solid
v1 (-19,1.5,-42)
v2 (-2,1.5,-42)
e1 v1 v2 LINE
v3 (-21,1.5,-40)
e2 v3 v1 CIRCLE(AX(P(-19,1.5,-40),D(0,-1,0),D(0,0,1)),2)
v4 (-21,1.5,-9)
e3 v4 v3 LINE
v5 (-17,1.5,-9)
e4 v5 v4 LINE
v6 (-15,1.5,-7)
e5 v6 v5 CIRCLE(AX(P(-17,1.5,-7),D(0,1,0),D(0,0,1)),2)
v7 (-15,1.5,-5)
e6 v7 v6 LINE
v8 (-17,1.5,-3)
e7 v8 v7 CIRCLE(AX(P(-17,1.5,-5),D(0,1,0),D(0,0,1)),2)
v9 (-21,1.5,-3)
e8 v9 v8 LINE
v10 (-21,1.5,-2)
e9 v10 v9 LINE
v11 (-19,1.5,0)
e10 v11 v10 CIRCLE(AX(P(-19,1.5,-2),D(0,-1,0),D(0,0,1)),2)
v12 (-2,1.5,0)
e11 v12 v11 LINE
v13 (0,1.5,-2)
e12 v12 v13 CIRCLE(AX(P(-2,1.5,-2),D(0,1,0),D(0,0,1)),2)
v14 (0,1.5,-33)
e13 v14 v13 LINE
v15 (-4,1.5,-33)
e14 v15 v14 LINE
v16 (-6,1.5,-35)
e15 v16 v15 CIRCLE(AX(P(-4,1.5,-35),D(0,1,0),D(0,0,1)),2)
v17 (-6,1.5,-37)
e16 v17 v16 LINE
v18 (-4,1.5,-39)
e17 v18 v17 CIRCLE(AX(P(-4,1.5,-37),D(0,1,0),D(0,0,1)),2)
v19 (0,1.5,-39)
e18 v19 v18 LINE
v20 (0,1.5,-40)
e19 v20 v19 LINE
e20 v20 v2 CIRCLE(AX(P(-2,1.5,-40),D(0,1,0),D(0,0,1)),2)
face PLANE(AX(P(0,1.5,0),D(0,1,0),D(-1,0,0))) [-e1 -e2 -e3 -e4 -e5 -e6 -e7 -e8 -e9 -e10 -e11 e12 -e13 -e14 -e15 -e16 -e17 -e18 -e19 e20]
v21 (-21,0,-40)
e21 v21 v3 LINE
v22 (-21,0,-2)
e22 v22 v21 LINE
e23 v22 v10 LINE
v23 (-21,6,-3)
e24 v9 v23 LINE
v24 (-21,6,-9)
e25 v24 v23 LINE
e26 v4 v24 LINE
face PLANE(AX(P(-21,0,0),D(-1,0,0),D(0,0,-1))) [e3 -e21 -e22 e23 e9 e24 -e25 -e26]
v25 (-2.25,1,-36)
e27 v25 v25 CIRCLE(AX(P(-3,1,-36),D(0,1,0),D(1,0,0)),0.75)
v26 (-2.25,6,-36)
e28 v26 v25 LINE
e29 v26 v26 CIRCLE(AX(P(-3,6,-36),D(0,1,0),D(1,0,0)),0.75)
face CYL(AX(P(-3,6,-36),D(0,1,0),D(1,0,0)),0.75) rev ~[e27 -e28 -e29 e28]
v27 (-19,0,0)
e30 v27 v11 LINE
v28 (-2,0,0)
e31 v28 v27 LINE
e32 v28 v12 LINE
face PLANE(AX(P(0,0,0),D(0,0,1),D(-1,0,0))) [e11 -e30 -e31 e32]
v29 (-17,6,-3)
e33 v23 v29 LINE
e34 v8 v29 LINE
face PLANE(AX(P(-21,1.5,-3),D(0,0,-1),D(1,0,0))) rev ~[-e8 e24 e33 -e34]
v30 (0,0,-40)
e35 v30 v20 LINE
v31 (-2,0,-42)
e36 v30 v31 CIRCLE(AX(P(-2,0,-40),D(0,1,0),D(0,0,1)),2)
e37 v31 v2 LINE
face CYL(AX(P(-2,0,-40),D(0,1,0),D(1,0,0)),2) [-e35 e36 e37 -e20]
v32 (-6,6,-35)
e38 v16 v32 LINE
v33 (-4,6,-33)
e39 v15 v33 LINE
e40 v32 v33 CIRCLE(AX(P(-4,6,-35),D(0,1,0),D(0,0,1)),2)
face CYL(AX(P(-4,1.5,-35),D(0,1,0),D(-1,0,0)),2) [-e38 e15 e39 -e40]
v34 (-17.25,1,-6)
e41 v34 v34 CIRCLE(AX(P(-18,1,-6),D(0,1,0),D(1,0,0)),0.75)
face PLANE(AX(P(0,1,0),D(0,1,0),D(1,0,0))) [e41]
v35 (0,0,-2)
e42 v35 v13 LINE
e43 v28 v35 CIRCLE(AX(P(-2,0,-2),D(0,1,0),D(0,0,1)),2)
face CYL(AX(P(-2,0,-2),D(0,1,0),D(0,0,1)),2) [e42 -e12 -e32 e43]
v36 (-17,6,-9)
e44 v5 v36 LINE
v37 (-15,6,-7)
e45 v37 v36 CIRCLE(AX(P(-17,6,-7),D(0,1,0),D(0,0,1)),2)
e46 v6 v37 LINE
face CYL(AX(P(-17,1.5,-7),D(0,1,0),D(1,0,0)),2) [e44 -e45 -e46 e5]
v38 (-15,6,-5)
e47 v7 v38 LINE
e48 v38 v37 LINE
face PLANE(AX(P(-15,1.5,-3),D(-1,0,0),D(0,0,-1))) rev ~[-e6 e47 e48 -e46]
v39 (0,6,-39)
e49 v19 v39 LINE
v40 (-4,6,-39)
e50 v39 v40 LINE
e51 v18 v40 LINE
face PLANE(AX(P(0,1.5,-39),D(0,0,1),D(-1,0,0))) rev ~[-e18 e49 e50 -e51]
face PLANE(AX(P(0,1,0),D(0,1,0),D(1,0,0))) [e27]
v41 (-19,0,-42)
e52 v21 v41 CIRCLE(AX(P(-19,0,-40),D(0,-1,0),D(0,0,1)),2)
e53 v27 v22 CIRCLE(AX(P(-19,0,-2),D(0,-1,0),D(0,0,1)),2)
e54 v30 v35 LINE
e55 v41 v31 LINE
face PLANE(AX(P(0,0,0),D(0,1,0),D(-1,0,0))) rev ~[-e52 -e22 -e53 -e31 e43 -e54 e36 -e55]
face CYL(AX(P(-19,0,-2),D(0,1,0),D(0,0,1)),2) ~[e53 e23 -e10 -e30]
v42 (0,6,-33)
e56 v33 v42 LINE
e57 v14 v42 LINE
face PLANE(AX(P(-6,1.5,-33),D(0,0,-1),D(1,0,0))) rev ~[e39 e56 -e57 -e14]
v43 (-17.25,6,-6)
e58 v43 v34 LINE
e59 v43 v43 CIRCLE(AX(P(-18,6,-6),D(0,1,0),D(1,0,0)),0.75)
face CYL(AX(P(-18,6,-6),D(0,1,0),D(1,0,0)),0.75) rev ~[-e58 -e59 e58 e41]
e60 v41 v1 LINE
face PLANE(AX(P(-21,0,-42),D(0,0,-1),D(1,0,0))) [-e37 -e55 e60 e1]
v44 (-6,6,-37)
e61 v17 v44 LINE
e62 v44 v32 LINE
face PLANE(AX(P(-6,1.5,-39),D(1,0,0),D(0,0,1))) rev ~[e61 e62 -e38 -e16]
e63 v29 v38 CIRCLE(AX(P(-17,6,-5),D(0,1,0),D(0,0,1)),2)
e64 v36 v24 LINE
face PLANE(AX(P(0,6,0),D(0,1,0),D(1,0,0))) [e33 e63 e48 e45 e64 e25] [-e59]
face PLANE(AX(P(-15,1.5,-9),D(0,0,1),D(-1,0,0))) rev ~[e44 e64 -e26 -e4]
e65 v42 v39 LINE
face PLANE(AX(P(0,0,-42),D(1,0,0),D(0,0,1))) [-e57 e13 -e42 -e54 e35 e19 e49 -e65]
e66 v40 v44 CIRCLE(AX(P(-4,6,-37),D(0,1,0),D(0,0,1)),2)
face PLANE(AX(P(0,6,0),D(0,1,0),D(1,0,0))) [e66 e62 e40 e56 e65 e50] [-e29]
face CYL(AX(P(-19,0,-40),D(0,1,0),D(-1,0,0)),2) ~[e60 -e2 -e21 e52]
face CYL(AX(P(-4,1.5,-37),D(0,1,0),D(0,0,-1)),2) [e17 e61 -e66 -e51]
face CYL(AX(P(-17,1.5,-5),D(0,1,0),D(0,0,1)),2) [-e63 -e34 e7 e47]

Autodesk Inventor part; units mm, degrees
ref_plane "YZ Plane" through (0, 0, 0) normal (1, 0, 0) x (0, 1, 0)
ref_plane "XZ Plane" through (0, 0, 0) normal (0, 1, 0) x (-1, 0, 0)
ref_plane "XY Plane" through (0, 0, 0) normal (0, 0, 1) x (1, 0, 0)
sketch "Эскиз1" plane through (0, 0, 0) normal (0, 1, 0) x (-1, 0, 0)
  line L0 (0, 0) -> (21, 0)
  line L1 (21, 0) -> (21, -42)
  line L2 (21, -42) -> (0, -42)
  line L3 (0, -42) -> (0, 0)
  dimension "d0" = 21
  dimension "d1" = 42
extrude "Выдавливание1" add sketch "Эскиз1" along normal blind 1.5
sketch "Эскиз2" plane through (0, 1.5, 0) normal (0, 1, 0) x (1, 0, 0)
  line L0 (0, 0) -> (0, 42) projected
  line L1 (0, 39) -> (-6, 39)
  line L2 (-6, 39) -> (-6, 33)
  line L3 (-6, 33) -> (0, 33)
  line L4 (0, 33) -> (0, 39)
  line L5 (0, 42) -> (-21, 42) projected
  line L6 (-21, 42) -> (-21, 0) projected
  line L7 (-21, 3) -> (-15, 3)
  line L8 (-15, 3) -> (-15, 9)
  line L9 (-15, 9) -> (-21, 9)
  line L10 (-21, 9) -> (-21, 3)
  line L11 (-21, 0) -> (0, 0) projected
  point P0 (0, 33)
  dimension "d4" = 6
  dimension "d5" = 6
  dimension "d6" = 3
  dimension "d7" = 6
  dimension "d8" = 6
  dimension "d9" = 3
extrude "Выдавливание2" add sketch "Эскиз2" along normal blind 4.5 contours L3 L2 L1 L0 | L6 L9 L8 L7
fillet "Сопряжение1" radius 2 8 edges at (-15, 3.75, -3) (-15, 3.75, -9) (-6, 3.75, -33) (-6, 3.75, -39) (0, 0.75, 0) (0, 0.75, -42) (-21, 0.75, 0) (-21, 0.75, -42)
sketch "Эскиз3" plane through (0, 6, 0) normal (0, 1, 0) x (1, 0, 0)
  circle A0 centre (-18, 6) radius 0.75
  line L0 (-21, 9) -> (-21, 3) projected
  line L1 (-17, 9) -> (-21, 9) projected
  circle A1 centre (-3, 36) radius 0.75
  line L2 (0, 39) -> (-4, 39) projected
  line L3 (0, 33) -> (0, 39) projected
  point P0 (0, 0)
  dimension "d13" = 1.5
  dimension "d14" = 3
  dimension "d15" = 3
  dimension "d16" = 1.5
  dimension "d17" = 3
  dimension "d18" = 3
extrude "Выдавливание3" cut sketch "Эскиз3" against normal blind 5
properties part number "DCDC_Holder"
